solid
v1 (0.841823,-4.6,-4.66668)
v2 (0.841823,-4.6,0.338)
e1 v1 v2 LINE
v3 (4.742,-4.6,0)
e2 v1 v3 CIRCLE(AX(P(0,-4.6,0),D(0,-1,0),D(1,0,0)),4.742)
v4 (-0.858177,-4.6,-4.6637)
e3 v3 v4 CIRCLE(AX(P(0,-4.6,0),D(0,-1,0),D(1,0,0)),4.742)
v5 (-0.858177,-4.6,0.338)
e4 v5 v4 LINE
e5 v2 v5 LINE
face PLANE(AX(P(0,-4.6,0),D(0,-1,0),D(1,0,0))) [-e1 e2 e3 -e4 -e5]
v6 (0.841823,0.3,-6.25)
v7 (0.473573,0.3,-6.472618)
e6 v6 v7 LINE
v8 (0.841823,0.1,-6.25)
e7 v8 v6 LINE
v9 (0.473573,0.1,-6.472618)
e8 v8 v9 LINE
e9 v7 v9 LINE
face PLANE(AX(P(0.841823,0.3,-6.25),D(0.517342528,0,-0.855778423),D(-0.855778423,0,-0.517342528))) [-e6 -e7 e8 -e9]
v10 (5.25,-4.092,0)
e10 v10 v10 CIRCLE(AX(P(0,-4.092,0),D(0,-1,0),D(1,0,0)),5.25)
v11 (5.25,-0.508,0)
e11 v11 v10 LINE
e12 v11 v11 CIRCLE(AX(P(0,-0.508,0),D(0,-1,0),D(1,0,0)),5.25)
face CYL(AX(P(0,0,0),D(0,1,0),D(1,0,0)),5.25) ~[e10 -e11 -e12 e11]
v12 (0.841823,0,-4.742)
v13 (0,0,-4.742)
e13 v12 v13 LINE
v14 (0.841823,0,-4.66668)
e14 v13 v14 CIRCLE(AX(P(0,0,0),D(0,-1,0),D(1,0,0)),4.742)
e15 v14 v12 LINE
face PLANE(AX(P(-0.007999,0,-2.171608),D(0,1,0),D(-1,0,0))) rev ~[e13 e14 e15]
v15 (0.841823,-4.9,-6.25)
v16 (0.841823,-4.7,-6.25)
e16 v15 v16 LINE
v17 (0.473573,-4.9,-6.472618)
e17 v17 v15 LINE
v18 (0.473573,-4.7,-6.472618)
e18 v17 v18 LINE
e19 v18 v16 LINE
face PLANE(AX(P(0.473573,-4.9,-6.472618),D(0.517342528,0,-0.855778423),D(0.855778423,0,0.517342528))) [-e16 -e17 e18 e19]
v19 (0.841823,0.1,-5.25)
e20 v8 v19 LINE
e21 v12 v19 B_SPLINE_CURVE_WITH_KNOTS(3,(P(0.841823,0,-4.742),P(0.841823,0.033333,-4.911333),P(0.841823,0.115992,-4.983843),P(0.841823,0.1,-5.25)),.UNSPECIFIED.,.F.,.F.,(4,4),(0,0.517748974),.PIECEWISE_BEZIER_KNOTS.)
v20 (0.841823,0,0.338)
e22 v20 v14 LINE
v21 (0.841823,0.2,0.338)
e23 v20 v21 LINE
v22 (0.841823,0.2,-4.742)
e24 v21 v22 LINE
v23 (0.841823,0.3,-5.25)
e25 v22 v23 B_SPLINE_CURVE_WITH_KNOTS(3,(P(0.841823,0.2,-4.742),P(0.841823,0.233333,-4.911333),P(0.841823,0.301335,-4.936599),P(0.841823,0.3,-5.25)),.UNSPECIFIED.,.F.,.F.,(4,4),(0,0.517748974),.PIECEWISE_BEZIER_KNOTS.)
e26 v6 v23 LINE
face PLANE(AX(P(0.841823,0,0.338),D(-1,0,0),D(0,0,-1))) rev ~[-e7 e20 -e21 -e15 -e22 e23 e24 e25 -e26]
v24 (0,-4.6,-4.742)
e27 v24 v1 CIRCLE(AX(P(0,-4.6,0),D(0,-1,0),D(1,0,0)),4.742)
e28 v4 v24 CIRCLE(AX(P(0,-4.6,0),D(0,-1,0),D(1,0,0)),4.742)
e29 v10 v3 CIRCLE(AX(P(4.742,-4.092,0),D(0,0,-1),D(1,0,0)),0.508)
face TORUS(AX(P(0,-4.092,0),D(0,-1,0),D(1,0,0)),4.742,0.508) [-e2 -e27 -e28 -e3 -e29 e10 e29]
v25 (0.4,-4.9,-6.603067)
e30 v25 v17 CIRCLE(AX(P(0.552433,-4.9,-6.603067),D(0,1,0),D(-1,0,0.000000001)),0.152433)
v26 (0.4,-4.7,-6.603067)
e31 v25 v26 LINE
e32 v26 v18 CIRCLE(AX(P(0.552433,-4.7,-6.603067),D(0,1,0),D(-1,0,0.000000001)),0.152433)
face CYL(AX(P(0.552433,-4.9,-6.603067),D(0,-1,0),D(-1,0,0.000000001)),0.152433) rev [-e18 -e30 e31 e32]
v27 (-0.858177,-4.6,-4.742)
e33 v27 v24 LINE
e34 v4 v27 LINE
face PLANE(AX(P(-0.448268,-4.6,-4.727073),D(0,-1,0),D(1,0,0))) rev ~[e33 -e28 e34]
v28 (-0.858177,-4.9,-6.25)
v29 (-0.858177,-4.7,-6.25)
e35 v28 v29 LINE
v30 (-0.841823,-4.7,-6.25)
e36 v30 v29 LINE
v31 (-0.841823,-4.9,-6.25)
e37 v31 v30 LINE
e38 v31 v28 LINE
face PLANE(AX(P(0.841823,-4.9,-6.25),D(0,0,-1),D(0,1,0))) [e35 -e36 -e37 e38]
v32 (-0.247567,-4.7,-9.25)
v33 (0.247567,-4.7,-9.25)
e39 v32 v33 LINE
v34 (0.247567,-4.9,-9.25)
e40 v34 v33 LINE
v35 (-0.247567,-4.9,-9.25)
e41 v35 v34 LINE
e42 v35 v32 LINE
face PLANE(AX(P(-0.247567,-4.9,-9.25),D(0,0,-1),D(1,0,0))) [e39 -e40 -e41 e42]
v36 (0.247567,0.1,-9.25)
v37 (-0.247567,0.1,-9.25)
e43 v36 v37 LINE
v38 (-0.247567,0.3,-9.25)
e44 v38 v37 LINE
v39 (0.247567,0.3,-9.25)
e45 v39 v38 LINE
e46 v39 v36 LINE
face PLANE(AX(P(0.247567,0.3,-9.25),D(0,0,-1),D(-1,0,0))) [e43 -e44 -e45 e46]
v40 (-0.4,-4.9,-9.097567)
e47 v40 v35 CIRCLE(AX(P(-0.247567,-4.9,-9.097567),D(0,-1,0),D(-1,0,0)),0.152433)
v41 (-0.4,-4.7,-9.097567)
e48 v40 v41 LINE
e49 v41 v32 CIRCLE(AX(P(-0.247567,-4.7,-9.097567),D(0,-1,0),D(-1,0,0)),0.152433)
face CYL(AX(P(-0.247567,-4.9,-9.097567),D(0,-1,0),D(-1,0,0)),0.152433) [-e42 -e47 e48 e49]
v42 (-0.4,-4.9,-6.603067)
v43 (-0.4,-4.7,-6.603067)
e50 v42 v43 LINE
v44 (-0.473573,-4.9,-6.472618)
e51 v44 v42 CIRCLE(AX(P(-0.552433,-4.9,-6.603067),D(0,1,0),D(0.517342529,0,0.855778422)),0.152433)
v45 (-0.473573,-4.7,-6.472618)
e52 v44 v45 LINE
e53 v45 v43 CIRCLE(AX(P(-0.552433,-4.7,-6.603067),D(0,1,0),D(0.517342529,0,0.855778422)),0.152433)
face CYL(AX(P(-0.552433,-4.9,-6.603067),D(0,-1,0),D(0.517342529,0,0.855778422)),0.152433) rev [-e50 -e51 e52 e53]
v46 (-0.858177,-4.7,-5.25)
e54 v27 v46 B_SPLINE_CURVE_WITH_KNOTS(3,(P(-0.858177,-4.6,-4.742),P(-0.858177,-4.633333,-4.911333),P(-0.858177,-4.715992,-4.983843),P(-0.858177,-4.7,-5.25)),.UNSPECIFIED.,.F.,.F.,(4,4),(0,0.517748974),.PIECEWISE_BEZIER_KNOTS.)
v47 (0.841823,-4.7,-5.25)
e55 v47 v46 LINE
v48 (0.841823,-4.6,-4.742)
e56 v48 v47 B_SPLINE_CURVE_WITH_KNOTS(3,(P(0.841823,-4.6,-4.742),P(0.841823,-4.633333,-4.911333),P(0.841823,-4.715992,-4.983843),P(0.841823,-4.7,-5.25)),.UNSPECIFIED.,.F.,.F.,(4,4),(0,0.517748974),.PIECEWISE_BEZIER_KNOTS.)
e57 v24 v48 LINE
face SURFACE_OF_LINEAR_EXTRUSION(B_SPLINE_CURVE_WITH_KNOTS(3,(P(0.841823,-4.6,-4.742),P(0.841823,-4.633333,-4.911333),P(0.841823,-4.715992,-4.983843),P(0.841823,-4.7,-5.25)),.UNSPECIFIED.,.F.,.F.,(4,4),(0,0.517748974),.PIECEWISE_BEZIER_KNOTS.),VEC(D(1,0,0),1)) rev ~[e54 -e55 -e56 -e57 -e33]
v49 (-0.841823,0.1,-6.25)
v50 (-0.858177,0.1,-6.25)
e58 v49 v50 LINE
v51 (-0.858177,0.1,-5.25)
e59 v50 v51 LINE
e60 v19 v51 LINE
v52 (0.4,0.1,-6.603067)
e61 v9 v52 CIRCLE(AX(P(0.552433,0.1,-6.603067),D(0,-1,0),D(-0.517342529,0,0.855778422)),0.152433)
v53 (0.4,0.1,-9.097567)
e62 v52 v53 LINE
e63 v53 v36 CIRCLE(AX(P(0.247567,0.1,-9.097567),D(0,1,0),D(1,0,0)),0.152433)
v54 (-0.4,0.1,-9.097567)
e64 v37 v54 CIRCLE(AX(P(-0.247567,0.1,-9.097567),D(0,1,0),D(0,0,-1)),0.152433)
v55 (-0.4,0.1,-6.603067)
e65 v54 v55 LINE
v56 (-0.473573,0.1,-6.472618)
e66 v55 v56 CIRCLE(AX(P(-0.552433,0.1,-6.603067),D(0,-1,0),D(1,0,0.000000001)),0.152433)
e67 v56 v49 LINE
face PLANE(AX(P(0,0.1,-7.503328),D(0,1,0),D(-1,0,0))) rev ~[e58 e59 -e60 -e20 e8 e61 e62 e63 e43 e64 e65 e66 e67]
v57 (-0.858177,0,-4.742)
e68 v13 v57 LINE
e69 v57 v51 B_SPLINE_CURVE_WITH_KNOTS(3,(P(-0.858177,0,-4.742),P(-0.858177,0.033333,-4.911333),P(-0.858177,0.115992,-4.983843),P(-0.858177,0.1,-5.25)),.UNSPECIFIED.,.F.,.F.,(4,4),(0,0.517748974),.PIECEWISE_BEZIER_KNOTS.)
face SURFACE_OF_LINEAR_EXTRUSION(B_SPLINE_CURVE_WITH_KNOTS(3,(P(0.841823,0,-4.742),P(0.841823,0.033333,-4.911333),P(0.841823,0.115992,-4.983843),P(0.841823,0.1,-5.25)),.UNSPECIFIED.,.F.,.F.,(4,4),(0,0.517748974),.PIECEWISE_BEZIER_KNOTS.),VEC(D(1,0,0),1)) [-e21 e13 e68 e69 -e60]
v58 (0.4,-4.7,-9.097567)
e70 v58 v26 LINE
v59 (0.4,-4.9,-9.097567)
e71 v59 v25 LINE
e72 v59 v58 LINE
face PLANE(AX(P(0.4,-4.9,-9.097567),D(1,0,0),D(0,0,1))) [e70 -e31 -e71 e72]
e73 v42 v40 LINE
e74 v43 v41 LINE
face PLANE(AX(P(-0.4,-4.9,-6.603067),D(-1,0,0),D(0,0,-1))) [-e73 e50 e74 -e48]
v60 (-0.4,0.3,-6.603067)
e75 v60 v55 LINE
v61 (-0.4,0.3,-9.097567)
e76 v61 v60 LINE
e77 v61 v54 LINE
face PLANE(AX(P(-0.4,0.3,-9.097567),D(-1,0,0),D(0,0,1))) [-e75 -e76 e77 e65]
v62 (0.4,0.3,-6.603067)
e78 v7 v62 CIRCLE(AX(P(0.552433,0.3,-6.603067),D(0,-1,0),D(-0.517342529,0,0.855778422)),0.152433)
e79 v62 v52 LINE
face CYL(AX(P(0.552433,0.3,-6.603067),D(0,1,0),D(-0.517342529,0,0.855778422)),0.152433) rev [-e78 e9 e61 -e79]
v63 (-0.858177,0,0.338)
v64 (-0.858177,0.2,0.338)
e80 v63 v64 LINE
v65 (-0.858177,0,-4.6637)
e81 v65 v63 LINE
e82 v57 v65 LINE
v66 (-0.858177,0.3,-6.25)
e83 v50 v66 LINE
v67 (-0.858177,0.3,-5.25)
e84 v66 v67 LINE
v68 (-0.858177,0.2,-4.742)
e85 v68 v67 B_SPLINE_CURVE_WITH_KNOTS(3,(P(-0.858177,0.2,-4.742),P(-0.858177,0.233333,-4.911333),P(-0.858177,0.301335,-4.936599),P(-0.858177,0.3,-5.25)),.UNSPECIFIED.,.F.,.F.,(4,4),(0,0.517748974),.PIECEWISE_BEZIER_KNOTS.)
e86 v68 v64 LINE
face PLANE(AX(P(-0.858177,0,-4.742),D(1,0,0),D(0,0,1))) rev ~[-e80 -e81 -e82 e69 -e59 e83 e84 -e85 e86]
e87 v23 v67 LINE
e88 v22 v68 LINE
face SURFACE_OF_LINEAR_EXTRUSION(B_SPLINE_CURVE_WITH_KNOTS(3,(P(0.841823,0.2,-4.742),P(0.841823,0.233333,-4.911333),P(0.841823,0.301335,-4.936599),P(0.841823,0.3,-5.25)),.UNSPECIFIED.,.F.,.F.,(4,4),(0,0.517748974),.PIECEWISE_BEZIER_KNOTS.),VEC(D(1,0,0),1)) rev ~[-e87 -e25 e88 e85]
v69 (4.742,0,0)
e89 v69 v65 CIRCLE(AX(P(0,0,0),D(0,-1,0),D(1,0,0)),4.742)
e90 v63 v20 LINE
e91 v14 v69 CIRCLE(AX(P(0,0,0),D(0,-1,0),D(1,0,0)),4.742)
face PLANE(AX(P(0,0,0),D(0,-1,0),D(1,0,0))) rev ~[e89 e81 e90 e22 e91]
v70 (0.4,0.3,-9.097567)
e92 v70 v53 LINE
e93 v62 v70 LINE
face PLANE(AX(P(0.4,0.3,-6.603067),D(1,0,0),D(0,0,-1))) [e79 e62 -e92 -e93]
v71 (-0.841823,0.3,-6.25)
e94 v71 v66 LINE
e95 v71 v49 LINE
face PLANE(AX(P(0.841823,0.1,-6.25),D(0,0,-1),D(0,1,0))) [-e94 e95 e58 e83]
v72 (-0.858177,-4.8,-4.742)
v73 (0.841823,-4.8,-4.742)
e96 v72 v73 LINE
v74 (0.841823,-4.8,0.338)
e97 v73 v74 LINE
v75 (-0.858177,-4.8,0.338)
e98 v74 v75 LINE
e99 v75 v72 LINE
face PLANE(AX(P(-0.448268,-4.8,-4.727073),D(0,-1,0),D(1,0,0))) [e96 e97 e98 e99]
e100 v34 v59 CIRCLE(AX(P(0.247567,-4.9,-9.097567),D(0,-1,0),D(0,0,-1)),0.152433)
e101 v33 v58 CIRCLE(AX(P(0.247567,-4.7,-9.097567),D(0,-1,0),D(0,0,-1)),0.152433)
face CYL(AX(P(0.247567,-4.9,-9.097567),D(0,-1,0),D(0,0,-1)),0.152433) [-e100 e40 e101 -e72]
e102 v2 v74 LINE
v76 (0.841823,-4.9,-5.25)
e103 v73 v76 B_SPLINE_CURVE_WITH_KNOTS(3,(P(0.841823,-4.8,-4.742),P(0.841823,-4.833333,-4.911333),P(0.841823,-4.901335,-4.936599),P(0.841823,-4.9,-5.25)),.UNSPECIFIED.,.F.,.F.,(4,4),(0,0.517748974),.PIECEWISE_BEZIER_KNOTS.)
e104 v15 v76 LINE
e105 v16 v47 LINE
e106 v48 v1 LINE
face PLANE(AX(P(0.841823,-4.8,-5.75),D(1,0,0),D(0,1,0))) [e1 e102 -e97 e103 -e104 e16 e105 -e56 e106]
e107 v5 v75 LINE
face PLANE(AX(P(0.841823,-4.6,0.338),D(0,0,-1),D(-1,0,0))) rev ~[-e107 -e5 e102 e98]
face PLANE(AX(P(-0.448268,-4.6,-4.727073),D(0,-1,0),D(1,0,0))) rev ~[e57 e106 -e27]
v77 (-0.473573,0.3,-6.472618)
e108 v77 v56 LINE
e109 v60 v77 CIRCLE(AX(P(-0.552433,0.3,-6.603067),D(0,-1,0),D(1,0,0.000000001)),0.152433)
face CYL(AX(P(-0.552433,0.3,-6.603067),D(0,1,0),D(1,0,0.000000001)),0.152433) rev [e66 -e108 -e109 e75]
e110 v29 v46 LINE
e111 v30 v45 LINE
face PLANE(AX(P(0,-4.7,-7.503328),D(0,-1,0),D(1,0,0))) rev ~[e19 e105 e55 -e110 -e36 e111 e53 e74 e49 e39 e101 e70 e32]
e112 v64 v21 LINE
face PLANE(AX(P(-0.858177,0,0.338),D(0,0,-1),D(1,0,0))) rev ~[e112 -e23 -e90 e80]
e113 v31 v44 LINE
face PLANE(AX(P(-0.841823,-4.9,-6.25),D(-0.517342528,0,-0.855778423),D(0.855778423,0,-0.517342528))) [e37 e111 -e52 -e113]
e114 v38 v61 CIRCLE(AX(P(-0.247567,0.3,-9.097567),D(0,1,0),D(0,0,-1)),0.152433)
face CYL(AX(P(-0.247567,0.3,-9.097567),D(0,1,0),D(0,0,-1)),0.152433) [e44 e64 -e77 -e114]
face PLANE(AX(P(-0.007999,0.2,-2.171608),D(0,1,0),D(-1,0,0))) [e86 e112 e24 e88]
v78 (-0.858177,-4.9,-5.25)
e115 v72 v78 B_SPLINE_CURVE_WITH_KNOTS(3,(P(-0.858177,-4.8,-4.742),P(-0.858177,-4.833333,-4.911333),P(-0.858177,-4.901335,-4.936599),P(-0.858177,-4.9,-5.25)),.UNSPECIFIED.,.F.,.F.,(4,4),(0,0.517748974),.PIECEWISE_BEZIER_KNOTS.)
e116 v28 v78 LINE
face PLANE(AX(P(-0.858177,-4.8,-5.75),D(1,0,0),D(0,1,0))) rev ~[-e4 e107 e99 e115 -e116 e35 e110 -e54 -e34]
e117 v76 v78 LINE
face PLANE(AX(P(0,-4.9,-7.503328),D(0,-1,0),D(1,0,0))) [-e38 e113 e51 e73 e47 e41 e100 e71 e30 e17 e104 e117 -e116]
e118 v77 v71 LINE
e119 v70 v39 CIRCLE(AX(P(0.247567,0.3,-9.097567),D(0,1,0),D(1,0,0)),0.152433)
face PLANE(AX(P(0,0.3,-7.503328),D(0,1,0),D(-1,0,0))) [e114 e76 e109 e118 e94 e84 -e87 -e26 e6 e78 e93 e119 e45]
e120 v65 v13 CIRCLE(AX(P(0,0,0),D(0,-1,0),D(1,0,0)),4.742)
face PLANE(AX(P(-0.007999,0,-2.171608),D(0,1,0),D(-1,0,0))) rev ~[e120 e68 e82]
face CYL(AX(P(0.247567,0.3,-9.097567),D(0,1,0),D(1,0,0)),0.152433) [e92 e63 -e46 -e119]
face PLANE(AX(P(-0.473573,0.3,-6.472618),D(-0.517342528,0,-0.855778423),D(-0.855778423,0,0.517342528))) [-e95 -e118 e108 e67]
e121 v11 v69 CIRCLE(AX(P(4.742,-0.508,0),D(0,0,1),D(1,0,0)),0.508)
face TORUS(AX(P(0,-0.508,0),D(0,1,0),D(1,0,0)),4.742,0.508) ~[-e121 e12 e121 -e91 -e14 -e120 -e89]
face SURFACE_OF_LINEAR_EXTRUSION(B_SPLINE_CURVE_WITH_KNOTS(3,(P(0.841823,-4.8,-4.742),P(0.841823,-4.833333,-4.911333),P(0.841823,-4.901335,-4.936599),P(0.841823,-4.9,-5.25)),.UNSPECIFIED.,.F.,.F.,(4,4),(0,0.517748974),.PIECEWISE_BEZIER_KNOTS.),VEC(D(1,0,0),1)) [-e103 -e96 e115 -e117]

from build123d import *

# Parameters (mm, degrees)
F0_R      = 5.25
F1_DEPTH  = 4.6
F2_R      = 0.508
F4_DEPTH  = 0.2
F6_DEPTH  = 0.2
F7_W      = 0.2
F7_H      = 1
F8_DEPTH  = 1.7
F10_DEPTH = 0.2
F12_DEPTH = 0.2


with BuildPart() as f1:
    # F0 (on Front) → F1 (new body)
    with BuildSketch(Plane.XZ):
        Circle(F0_R)
    extrude(amount=F1_DEPTH)

    # F2
    f2_edges = [f1.edges().sort_by_distance(p)[0] for p in [
        (-5.25, -4.6, 0),
        (-5.25, 0, 0),
    ]]
    fillet(f2_edges, radius=F2_R)

    # F3 (on face) → F4 (join)
    with BuildSketch(Plane(origin=(0, 0, 0), x_dir=(-1, 0, 0), z_dir=(0, 1, 0))):
        with BuildLine():
            Line((0.8581771286, 0.338), (-0.8418228714, 0.338))
            Line((-0.8418228714, 0.338), (-0.8418228714, -4.6666795747))
            ThreePointArc((-0.8418228714, -4.6666795747), (-0.4225928635, -4.7231323581), (0, -4.742))
            ThreePointArc((0, -4.742), (0.430870892, -4.7223843844), (0.8581771286, -4.6636998205))
            Line((0.8581771286, -4.6636998205), (0.8581771286, 0.338))
        make_face()
        with BuildLine():
            ThreePointArc((0, -4.742), (-0.4225928635, -4.7231323581), (-0.8418228714, -4.6666795747))
            Line((-0.8418228714, -4.6666795747), (-0.8418228714, -4.742))
            Line((-0.8418228714, -4.742), (0, -4.742))
        make_face()
        with BuildLine():
            Line((0.8581771286, -4.742), (0.8581771286, -4.6636998205))
            ThreePointArc((0.8581771286, -4.6636998205), (0.430870892, -4.7223843844), (0, -4.742))
            Line((0, -4.742), (0.8581771286, -4.742))
        make_face()
    extrude(amount=F4_DEPTH)

    # F5 (on face) → F6 (join)
    with BuildSketch(Plane.XZ.offset(4.6)):
        with BuildLine():
            Line((-0.8581771286, -4.742), (0, -4.742))
            ThreePointArc((0, -4.742), (-0.430870892, -4.7223843844), (-0.8581771286, -4.6636998205))
            Line((-0.8581771286, -4.6636998205), (-0.8581771286, -4.742))
        make_face()
        with BuildLine():
            Line((0.8418228714, -4.6666795747), (0.8418228714, 0.338))
            Line((0.8418228714, 0.338), (-0.8581771286, 0.338))
            Line((-0.8581771286, 0.338), (-0.8581771286, -4.6636998205))
            ThreePointArc((-0.8581771286, -4.6636998205), (-0.430870892, -4.7223843844), (0, -4.742))
            ThreePointArc((0, -4.742), (0.4225928635, -4.7231323581), (0.8418228714, -4.6666795747))
        make_face()
        with BuildLine():
            Line((0.8418228714, -4.742), (0.8418228714, -4.6666795747))
            ThreePointArc((0.8418228714, -4.6666795747), (0.4225928635, -4.7231323581), (0, -4.742))
            Line((0, -4.742), (0.8418228714, -4.742))
        make_face()
    extrude(amount=F6_DEPTH)

    # F7 (on face) → F8 (join, through all)
    with BuildSketch(Plane.YZ.offset(0.8418228714)):
        with Locations((-4.8, -5.75)):
            Rectangle(F7_W, F7_H)
        with BuildLine():
            add(Edge.make_bspline(
                [(-4.8, -4.742), (-4.8333333333, -4.9113333333), (-4.901335109, -4.936598707), (-4.9, -5.25)],
                knots=[0, 0, 0, 0, 0.5177489739, 0.5177489739, 0.5177489739, 0.5177489739], degree=3))
            Line((-4.9, -5.25), (-4.7, -5.25))
            add(Edge.make_bspline(
                [(-4.6, -4.742), (-4.6333333333, -4.9113333333), (-4.7159921378, -4.9838428386), (-4.7, -5.25)],
                knots=[0, 0, 0, 0, 0.5177489739, 0.5177489739, 0.5177489739, 0.5177489739], degree=3))
            Line((-4.6, -4.742), (-4.8, -4.742))
        make_face()
        with Locations((0.2, -5.75)):
            Rectangle(F7_W, F7_H)
        with BuildLine():
            add(Edge.make_bspline(
                [(0, -4.742), (0.0333333333, -4.9113333333), (0.1159921378, -4.9838428386), (0.1, -5.25)],
                knots=[0, 0, 0, 0, 0.5177489739, 0.5177489739, 0.5177489739, 0.5177489739], degree=3))
            Line((0.1, -5.25), (0.3, -5.25))
            add(Edge.make_bspline(
                [(0.2, -4.742), (0.2333333333, -4.9113333333), (0.301335109, -4.936598707), (0.3, -5.25)],
                knots=[0, 0, 0, 0, 0.5177489739, 0.5177489739, 0.5177489739, 0.5177489739], degree=3))
            Line((0.2, -4.742), (0, -4.742))
        make_face()
    extrude(amount=-F8_DEPTH)

    # F9 (on face) → F10 (join, through all)
    with BuildSketch(Plane(origin=(0, 0.3, 0), x_dir=(-1, 0, 0), z_dir=(0, 1, 0))):
        with BuildLine():
            Line((0.4, -6.25), (-0.4, -6.25))
            Line((-0.4, -6.25), (-0.8418228714, -6.25))
            Line((-0.8418228714, -6.25), (-0.4735729361, -6.4726176162))
            ThreePointArc((-0.4735729361, -6.4726176162), (-0.4196612114, -6.5281834474), (-0.4, -6.6030665057))
            Line((-0.4, -6.6030665057), (-0.4, -9.0975669799))
            ThreePointArc((-0.4, -9.0975669799), (-0.3553534021, -9.2053534021), (-0.2475669799, -9.25))
            Line((-0.2475669799, -9.25), (0.2475669799, -9.25))
            ThreePointArc((0.2475669799, -9.25), (0.3553534021, -9.2053534021), (0.4, -9.0975669799))
            Line((0.4, -9.0975669799), (0.4, -6.6030665057))
            ThreePointArc((0.4, -6.6030665057), (0.4196612114, -6.5281834474), (0.4735729361, -6.4726176162))
            Line((0.4735729361, -6.4726176162), (0.8418228714, -6.25))
            Line((0.8418228714, -6.25), (0.4, -6.25))
        make_face()
    extrude(amount=-F10_DEPTH)

    # F11 (on face) → F12 (join, through all)
    with BuildSketch(Plane.XZ.offset(4.9)):
        with BuildLine():
            ThreePointArc((-0.4735729361, -6.4726176162), (-0.4196612114, -6.5281834474), (-0.4, -6.6030665057))
            Line((-0.4, -6.6030665057), (-0.4, -9.0975669799))
            ThreePointArc((-0.4, -9.0975669799), (-0.3553534021, -9.2053534021), (-0.2475669799, -9.25))
            Line((-0.2475669799, -9.25), (0.2475669799, -9.25))
            ThreePointArc((0.2475669799, -9.25), (0.3553534021, -9.2053534021), (0.4, -9.0975669799))
            Line((0.4, -9.0975669799), (0.4, -6.6030665057))
            ThreePointArc((0.4, -6.6030665057), (0.4196612114, -6.5281834474), (0.4735729361, -6.4726176162))
            Line((0.4735729361, -6.4726176162), (0.8418228714, -6.25))
            Line((0.8418228714, -6.25), (-0.8418228714, -6.25))
            Line((-0.8418228714, -6.25), (-0.4735729361, -6.4726176162))
        make_face()
    extrude(amount=-F12_DEPTH)


solid = f1.part
